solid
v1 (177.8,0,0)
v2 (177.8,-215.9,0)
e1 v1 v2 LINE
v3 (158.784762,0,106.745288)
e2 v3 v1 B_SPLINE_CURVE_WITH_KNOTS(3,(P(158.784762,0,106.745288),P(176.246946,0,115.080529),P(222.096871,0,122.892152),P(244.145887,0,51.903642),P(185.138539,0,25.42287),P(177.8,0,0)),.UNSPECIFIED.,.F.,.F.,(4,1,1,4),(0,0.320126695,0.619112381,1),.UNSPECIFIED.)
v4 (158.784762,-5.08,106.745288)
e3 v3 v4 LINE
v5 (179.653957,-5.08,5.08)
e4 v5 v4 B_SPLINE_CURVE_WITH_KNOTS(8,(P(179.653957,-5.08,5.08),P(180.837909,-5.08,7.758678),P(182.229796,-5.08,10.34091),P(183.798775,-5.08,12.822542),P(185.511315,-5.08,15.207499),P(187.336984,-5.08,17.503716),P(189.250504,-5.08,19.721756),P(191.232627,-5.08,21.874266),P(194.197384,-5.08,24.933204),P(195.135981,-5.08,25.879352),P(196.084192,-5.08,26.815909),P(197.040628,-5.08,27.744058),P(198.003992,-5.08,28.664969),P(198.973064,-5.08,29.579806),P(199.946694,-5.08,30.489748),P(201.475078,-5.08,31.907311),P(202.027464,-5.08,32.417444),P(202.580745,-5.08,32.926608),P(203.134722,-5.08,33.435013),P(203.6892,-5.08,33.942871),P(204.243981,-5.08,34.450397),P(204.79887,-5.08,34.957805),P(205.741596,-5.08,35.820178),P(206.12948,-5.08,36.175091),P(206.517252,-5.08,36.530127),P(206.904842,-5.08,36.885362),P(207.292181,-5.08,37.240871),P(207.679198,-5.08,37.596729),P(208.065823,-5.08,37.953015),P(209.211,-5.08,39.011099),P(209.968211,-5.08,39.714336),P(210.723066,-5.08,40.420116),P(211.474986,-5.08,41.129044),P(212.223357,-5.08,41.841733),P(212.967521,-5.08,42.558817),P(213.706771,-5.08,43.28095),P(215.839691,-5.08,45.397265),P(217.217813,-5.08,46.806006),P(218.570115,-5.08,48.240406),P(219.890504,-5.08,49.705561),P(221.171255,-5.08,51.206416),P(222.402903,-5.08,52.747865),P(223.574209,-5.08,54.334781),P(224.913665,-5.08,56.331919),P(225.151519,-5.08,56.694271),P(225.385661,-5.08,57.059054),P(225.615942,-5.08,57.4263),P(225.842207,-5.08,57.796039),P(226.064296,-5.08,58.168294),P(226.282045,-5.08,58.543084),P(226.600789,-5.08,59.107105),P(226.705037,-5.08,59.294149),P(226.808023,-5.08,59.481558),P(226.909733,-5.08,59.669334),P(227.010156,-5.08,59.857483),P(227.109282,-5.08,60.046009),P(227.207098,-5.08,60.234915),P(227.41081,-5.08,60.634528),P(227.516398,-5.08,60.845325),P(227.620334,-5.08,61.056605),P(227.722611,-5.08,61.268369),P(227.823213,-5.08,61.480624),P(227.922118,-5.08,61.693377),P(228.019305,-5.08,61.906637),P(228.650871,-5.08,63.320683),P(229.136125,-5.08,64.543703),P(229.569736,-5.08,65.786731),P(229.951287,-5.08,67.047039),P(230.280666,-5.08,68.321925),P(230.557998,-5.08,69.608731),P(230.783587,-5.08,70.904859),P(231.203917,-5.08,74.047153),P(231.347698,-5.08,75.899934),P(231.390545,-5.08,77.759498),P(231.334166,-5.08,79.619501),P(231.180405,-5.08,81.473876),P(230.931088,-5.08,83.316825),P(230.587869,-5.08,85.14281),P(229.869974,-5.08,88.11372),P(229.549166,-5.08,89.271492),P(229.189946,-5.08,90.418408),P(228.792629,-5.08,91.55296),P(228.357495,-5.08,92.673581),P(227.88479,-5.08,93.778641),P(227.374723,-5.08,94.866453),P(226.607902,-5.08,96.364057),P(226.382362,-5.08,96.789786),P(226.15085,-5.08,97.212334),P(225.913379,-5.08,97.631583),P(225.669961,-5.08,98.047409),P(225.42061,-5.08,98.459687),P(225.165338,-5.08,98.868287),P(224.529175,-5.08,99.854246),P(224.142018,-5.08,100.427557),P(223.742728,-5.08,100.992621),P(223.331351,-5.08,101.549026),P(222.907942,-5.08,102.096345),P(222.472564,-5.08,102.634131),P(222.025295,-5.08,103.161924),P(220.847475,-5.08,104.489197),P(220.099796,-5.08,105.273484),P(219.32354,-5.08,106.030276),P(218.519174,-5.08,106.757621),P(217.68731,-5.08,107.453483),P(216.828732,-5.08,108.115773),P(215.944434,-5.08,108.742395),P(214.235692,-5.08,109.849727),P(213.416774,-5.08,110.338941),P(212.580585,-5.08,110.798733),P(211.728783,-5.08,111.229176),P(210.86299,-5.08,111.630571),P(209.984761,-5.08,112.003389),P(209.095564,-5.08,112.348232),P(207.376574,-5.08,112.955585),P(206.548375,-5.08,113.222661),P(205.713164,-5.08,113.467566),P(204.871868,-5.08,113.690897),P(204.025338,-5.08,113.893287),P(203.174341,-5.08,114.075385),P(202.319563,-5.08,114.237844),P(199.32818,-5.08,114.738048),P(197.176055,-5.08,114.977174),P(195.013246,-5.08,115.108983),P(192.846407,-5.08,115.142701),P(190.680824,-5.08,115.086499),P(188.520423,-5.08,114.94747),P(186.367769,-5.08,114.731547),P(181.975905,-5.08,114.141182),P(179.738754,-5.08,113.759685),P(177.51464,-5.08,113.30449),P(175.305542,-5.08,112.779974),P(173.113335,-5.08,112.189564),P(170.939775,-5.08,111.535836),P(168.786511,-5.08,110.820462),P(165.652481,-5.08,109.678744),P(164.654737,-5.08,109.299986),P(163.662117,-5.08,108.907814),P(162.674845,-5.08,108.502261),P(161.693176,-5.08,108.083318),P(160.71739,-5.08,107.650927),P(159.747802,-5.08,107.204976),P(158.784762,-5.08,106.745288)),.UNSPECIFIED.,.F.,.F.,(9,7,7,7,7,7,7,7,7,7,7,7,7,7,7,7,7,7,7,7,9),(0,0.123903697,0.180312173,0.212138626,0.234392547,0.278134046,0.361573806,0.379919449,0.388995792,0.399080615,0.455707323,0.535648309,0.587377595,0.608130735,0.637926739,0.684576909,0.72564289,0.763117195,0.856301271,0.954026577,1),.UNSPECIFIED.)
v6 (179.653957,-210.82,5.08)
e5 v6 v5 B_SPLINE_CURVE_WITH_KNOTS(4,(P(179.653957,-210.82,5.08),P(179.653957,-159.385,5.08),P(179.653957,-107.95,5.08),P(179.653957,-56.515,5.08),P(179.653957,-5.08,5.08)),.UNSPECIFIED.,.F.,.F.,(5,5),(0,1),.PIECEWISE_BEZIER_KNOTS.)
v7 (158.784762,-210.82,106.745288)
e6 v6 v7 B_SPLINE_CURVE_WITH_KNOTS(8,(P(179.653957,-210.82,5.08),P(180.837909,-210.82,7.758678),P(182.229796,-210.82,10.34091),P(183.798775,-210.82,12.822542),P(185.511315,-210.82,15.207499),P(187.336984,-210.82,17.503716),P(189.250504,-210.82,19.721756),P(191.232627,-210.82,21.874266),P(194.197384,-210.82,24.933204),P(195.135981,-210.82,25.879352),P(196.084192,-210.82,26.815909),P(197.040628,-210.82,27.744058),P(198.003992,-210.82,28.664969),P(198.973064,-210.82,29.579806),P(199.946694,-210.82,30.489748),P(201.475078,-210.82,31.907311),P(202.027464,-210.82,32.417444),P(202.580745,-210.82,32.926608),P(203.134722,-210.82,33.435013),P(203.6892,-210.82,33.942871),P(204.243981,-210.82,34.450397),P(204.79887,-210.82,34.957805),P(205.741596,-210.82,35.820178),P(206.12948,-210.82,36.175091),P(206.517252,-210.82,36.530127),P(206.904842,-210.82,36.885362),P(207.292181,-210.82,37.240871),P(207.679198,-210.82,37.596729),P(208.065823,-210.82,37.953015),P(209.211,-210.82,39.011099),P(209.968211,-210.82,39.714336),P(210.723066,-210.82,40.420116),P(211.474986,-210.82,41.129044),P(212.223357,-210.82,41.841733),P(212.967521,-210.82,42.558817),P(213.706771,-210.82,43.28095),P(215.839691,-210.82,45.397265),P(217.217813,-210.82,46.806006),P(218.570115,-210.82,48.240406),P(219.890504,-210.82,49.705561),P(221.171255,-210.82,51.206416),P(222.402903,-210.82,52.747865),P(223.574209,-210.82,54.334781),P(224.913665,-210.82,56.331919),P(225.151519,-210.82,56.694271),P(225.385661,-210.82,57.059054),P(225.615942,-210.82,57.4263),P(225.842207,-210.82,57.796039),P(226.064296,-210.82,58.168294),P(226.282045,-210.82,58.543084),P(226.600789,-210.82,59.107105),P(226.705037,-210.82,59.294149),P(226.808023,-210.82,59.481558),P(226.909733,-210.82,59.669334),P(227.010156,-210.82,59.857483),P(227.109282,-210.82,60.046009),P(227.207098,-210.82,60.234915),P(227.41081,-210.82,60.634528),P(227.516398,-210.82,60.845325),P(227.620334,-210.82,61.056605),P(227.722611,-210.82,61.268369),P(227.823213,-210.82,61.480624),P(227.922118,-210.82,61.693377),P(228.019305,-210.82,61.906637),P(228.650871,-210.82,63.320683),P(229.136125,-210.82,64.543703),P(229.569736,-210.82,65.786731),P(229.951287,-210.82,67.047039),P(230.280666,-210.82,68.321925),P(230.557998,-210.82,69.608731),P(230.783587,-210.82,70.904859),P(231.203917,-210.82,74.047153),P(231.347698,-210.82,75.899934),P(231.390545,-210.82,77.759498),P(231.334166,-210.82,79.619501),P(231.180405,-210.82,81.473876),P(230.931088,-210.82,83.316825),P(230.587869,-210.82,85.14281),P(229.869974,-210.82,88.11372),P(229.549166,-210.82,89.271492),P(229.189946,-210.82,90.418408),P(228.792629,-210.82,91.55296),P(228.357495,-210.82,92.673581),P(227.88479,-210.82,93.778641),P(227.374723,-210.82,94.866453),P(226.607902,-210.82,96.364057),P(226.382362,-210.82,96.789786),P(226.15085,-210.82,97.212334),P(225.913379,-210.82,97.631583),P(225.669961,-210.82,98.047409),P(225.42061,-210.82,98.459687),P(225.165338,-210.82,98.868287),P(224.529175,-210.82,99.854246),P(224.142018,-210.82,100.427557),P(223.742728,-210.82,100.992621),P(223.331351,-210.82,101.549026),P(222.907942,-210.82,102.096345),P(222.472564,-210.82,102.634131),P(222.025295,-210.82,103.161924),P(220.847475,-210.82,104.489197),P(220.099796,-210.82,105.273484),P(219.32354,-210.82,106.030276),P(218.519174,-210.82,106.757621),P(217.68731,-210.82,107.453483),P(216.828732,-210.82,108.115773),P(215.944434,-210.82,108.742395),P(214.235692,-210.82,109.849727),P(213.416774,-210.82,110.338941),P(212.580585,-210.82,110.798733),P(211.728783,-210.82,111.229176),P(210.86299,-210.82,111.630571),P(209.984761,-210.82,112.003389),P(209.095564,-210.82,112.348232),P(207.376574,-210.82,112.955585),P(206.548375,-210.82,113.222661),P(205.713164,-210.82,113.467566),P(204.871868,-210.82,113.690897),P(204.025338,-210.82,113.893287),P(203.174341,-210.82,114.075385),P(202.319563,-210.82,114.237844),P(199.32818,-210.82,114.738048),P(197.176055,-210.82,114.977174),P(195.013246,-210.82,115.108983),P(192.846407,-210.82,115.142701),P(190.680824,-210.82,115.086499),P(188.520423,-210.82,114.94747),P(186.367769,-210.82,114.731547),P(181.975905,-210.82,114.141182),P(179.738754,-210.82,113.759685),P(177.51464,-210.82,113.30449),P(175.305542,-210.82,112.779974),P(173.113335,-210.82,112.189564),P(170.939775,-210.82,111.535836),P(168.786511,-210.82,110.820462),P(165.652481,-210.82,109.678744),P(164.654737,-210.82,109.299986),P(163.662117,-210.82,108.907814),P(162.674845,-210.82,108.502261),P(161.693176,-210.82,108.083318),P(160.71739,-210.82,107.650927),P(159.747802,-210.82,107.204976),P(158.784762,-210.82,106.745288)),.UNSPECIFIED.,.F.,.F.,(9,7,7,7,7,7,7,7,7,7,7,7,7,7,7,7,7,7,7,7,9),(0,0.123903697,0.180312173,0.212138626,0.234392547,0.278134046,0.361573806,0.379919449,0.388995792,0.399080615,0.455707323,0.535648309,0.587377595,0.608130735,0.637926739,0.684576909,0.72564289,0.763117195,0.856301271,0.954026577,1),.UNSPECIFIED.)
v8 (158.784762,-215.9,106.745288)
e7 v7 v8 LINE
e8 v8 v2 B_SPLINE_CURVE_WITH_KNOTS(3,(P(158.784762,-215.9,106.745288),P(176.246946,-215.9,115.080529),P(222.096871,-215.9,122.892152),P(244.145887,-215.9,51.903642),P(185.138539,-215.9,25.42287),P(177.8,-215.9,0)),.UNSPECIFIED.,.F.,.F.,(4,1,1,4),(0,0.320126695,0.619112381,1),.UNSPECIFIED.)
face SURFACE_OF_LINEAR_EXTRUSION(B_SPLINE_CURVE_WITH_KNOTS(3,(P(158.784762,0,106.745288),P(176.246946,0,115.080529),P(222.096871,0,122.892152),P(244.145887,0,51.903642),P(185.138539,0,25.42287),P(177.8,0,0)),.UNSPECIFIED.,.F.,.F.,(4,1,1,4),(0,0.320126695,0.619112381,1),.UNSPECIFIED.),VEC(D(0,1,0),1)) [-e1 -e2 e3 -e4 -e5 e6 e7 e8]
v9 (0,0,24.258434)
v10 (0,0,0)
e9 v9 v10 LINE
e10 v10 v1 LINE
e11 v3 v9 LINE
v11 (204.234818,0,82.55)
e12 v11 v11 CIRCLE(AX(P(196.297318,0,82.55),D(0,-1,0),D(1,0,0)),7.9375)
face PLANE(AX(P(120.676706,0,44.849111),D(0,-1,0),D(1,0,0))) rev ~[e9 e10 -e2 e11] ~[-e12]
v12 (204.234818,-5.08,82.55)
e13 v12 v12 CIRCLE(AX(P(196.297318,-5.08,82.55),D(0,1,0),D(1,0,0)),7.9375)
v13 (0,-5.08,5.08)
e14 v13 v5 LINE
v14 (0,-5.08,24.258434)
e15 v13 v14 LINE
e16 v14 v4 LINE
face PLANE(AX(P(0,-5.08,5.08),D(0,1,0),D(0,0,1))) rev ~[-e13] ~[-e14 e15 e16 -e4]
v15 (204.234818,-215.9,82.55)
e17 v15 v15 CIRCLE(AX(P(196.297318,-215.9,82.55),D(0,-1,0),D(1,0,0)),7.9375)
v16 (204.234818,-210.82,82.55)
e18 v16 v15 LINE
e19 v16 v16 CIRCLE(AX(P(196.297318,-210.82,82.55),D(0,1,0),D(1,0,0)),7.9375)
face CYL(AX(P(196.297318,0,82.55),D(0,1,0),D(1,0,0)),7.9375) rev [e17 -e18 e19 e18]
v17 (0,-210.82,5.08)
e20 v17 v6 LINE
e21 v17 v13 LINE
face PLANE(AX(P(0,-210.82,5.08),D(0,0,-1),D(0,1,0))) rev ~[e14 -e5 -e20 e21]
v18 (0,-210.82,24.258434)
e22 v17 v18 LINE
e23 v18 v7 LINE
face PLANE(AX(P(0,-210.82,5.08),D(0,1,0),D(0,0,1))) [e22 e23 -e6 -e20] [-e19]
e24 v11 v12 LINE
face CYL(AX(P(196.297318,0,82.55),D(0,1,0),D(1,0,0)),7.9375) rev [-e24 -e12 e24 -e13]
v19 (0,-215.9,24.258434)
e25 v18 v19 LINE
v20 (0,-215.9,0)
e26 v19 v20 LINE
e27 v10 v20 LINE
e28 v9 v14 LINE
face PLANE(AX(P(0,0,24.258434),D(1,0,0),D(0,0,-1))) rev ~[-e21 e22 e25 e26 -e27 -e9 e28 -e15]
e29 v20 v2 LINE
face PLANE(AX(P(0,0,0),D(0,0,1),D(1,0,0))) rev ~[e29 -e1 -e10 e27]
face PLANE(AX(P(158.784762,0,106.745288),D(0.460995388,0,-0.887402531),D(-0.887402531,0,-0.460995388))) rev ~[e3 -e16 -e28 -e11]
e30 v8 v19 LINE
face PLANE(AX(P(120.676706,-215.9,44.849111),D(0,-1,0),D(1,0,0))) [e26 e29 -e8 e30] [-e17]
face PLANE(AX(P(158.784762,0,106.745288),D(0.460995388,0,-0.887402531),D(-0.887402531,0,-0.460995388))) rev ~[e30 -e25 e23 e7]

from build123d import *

# Parameters (mm, degrees)
F0_R     = 7.9375
F1_DEPTH = 215.9
F2_W     = 205.74
F2_H     = 145.3107850603
F3_DEPTH = 254


with BuildPart() as f1:
    # F0 (on Front) → F1 (new body)
    with BuildSketch(Plane.XZ):
        with BuildLine():
            Line((0, 0), (177.8, 0))
            add(Edge.make_bspline(
                [(158.7847620249, 106.745287776), (176.2469464706, 115.0805292065), (222.0968713413, 122.8921519156), (244.1458874441, 51.9036420926), (185.1385386718, 25.4228697783), (177.8, 0)],
                knots=[0, 0, 0, 0, 0.3201266951, 0.6191123806, 1, 1, 1, 1], degree=3))
            Line((158.7847620249, 106.745287776), (0, 24.2584337271))
            Line((0, 24.2584337271), (0, 0))
        make_face()
        with Locations((196.2973177433, 82.55)):
            Circle(F0_R, mode=Mode.SUBTRACT)
    extrude(amount=F1_DEPTH)

    # F2 (on Right) → F3 (cut, symmetric)
    with BuildSketch(Plane.YZ):
        with Locations((-107.95, 77.7353925301)):
            Rectangle(F2_W, F2_H)
    extrude(amount=F3_DEPTH, both=True, mode=Mode.SUBTRACT)


solid = f1.part
